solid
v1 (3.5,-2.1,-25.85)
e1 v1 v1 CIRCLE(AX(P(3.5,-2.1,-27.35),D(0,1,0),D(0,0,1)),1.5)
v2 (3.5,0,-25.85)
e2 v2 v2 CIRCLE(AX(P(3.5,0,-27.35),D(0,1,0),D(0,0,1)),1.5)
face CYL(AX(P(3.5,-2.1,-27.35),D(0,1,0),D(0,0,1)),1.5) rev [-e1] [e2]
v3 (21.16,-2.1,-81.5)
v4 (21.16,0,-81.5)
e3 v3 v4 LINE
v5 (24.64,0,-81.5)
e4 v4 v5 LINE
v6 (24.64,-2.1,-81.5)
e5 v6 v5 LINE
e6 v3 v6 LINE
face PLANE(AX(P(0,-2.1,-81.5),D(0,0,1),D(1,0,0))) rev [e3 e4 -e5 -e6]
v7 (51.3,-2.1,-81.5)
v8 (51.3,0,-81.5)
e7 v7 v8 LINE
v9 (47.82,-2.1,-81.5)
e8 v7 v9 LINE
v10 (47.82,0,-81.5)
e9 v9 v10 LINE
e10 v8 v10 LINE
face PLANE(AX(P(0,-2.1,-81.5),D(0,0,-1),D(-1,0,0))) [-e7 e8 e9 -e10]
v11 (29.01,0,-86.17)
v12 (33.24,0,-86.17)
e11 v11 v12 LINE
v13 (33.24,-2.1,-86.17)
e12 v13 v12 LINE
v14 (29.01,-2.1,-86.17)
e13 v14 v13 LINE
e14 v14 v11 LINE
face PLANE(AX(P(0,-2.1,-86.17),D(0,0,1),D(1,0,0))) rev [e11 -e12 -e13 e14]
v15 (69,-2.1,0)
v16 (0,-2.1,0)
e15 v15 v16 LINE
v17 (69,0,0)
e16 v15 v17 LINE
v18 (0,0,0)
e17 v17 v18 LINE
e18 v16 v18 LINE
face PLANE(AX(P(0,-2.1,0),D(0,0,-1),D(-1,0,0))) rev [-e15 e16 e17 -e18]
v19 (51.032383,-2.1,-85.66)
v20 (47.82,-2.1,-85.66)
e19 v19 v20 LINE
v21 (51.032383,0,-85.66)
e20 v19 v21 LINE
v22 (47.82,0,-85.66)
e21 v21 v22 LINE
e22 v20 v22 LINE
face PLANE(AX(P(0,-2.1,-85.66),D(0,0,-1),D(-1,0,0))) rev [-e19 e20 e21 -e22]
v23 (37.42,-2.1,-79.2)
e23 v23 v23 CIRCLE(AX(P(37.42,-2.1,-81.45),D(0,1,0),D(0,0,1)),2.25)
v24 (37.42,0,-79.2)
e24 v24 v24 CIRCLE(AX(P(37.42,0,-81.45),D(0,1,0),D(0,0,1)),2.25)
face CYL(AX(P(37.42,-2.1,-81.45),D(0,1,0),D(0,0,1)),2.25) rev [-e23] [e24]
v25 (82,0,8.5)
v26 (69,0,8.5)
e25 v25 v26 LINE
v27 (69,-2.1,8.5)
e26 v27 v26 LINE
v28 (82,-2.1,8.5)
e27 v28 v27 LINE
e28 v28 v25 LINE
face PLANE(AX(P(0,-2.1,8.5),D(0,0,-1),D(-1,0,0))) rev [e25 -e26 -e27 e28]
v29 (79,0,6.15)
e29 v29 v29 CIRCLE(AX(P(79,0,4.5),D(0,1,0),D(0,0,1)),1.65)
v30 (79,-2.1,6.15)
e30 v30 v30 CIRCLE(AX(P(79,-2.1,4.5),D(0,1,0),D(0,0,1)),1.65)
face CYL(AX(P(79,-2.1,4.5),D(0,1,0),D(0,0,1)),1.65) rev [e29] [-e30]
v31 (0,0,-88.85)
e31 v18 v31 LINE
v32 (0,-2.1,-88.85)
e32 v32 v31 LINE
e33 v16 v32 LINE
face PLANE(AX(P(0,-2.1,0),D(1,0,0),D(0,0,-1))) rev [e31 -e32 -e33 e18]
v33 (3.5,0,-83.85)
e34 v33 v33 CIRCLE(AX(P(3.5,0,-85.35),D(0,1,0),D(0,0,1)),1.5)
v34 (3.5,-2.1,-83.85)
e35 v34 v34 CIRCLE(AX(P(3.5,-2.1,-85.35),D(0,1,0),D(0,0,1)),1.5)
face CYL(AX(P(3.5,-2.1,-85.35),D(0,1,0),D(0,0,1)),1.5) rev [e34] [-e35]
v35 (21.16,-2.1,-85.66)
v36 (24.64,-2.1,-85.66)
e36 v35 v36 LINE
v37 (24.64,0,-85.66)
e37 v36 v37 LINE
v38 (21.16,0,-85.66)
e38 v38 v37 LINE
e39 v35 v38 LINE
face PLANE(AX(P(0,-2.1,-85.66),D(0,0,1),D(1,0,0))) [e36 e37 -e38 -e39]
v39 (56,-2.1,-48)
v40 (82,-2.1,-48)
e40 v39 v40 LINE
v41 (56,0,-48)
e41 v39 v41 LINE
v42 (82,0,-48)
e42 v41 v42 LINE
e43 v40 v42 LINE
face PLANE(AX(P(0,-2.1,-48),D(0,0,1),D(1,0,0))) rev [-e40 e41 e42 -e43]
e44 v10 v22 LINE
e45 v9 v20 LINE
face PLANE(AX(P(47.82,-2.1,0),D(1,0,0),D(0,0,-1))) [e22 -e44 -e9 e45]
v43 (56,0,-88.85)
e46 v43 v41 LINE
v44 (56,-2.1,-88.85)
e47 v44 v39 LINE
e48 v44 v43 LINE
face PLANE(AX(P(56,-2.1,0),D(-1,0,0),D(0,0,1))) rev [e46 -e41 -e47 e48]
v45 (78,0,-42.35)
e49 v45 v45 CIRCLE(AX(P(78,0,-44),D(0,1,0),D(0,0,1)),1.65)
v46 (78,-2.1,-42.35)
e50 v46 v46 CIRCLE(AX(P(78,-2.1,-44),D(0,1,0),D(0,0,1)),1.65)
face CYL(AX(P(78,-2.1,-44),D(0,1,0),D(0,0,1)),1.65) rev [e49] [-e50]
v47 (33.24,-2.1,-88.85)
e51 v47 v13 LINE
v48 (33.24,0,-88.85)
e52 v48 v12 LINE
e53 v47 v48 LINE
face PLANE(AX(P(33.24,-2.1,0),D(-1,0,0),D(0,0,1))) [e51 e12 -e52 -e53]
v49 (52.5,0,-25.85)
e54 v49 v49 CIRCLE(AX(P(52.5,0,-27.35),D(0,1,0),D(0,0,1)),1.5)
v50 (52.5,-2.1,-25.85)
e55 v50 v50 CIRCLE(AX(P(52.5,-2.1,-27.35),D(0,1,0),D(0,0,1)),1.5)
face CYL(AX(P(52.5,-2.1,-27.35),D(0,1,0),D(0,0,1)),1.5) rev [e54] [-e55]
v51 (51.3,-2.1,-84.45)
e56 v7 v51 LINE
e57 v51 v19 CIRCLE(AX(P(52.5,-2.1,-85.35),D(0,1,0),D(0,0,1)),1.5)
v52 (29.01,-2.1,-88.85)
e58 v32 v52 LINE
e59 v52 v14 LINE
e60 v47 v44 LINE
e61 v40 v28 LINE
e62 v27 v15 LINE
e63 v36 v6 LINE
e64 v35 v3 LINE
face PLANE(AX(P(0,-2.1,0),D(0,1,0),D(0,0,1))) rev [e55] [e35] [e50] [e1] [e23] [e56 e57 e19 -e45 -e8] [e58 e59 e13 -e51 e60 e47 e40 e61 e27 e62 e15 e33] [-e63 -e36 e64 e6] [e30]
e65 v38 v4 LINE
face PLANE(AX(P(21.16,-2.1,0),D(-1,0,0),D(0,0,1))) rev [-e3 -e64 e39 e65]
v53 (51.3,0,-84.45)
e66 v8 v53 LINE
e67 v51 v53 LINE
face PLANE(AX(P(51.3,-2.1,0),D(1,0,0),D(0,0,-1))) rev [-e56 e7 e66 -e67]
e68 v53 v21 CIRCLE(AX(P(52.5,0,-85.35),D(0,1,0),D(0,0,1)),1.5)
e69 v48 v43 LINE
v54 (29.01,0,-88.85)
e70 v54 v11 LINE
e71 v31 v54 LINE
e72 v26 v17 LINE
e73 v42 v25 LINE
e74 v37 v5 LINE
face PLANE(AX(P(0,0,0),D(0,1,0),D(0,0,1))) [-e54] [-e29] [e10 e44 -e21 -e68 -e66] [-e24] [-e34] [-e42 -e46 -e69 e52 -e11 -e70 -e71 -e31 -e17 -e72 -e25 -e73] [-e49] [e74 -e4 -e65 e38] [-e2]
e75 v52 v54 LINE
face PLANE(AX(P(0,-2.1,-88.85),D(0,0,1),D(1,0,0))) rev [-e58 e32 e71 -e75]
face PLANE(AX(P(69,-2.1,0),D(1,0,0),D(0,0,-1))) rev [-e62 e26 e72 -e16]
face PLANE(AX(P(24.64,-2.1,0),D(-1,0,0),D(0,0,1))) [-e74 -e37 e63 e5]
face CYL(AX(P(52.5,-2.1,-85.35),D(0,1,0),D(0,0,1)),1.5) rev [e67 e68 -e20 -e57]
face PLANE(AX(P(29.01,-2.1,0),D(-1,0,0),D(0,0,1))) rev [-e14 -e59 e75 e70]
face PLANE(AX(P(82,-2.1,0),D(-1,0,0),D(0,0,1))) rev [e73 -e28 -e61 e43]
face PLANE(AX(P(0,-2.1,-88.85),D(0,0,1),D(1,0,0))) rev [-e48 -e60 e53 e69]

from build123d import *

# Parameters (mm, degrees)
SKETCH1_R           = 1.5
SKETCH1_R_2         = 1.65
SKETCH1_W           = 3.48
SKETCH1_H           = 4.16
SKETCH1_R_3         = 2.25
BOSS_EXTRUDE2_DEPTH = 2.1


with BuildPart() as part:
    # Sketch1 → Boss-Extrude2 (new body)
    with BuildSketch(Plane(origin=(0, 0, 0), x_dir=(1, 0, 0), z_dir=(0, 1, 0))):
        Polygon((0, 88.85), (0, 0), (69, 0), (69, -8.5), (82, -8.5), (82, 48), (56, 48), (56, 88.85), (33.24, 88.85), (33.24, 86.17), (29.01, 86.17), (29.01, 88.85), align=None)
        with Locations((3.5, 27.35)):
            Circle(SKETCH1_R, mode=Mode.SUBTRACT)
        with Locations((79, -4.5)):
            Circle(SKETCH1_R_2, mode=Mode.SUBTRACT)
        with Locations((52.5, 27.35)):
            Circle(SKETCH1_R, mode=Mode.SUBTRACT)
        with Locations((3.5, 85.35)):
            Circle(SKETCH1_R, mode=Mode.SUBTRACT)
        with Locations((22.9, 83.58)):
            Rectangle(SKETCH1_W, SKETCH1_H, mode=Mode.SUBTRACT)
        with Locations((37.42, 81.45)):
            Circle(SKETCH1_R_3, mode=Mode.SUBTRACT)
        with Locations((78, 44)):
            Circle(SKETCH1_R_2, mode=Mode.SUBTRACT)
        with BuildLine():
            Line((51.3, 84.45), (51.3, 81.5))
            Line((51.3, 81.5), (47.82, 81.5))
            Line((47.82, 81.5), (47.82, 85.66))
            Line((47.82, 85.66), (51.032382884, 85.66))
            ThreePointArc((51.032382884, 85.66), (52.655843392, 86.841882313), (54, 85.35))
            ThreePointArc((54, 85.35), (52.974341649, 83.926975053), (51.3, 84.45))
        make_face(mode=Mode.SUBTRACT)
    extrude(amount=-BOSS_EXTRUDE2_DEPTH)


solid = part.part
